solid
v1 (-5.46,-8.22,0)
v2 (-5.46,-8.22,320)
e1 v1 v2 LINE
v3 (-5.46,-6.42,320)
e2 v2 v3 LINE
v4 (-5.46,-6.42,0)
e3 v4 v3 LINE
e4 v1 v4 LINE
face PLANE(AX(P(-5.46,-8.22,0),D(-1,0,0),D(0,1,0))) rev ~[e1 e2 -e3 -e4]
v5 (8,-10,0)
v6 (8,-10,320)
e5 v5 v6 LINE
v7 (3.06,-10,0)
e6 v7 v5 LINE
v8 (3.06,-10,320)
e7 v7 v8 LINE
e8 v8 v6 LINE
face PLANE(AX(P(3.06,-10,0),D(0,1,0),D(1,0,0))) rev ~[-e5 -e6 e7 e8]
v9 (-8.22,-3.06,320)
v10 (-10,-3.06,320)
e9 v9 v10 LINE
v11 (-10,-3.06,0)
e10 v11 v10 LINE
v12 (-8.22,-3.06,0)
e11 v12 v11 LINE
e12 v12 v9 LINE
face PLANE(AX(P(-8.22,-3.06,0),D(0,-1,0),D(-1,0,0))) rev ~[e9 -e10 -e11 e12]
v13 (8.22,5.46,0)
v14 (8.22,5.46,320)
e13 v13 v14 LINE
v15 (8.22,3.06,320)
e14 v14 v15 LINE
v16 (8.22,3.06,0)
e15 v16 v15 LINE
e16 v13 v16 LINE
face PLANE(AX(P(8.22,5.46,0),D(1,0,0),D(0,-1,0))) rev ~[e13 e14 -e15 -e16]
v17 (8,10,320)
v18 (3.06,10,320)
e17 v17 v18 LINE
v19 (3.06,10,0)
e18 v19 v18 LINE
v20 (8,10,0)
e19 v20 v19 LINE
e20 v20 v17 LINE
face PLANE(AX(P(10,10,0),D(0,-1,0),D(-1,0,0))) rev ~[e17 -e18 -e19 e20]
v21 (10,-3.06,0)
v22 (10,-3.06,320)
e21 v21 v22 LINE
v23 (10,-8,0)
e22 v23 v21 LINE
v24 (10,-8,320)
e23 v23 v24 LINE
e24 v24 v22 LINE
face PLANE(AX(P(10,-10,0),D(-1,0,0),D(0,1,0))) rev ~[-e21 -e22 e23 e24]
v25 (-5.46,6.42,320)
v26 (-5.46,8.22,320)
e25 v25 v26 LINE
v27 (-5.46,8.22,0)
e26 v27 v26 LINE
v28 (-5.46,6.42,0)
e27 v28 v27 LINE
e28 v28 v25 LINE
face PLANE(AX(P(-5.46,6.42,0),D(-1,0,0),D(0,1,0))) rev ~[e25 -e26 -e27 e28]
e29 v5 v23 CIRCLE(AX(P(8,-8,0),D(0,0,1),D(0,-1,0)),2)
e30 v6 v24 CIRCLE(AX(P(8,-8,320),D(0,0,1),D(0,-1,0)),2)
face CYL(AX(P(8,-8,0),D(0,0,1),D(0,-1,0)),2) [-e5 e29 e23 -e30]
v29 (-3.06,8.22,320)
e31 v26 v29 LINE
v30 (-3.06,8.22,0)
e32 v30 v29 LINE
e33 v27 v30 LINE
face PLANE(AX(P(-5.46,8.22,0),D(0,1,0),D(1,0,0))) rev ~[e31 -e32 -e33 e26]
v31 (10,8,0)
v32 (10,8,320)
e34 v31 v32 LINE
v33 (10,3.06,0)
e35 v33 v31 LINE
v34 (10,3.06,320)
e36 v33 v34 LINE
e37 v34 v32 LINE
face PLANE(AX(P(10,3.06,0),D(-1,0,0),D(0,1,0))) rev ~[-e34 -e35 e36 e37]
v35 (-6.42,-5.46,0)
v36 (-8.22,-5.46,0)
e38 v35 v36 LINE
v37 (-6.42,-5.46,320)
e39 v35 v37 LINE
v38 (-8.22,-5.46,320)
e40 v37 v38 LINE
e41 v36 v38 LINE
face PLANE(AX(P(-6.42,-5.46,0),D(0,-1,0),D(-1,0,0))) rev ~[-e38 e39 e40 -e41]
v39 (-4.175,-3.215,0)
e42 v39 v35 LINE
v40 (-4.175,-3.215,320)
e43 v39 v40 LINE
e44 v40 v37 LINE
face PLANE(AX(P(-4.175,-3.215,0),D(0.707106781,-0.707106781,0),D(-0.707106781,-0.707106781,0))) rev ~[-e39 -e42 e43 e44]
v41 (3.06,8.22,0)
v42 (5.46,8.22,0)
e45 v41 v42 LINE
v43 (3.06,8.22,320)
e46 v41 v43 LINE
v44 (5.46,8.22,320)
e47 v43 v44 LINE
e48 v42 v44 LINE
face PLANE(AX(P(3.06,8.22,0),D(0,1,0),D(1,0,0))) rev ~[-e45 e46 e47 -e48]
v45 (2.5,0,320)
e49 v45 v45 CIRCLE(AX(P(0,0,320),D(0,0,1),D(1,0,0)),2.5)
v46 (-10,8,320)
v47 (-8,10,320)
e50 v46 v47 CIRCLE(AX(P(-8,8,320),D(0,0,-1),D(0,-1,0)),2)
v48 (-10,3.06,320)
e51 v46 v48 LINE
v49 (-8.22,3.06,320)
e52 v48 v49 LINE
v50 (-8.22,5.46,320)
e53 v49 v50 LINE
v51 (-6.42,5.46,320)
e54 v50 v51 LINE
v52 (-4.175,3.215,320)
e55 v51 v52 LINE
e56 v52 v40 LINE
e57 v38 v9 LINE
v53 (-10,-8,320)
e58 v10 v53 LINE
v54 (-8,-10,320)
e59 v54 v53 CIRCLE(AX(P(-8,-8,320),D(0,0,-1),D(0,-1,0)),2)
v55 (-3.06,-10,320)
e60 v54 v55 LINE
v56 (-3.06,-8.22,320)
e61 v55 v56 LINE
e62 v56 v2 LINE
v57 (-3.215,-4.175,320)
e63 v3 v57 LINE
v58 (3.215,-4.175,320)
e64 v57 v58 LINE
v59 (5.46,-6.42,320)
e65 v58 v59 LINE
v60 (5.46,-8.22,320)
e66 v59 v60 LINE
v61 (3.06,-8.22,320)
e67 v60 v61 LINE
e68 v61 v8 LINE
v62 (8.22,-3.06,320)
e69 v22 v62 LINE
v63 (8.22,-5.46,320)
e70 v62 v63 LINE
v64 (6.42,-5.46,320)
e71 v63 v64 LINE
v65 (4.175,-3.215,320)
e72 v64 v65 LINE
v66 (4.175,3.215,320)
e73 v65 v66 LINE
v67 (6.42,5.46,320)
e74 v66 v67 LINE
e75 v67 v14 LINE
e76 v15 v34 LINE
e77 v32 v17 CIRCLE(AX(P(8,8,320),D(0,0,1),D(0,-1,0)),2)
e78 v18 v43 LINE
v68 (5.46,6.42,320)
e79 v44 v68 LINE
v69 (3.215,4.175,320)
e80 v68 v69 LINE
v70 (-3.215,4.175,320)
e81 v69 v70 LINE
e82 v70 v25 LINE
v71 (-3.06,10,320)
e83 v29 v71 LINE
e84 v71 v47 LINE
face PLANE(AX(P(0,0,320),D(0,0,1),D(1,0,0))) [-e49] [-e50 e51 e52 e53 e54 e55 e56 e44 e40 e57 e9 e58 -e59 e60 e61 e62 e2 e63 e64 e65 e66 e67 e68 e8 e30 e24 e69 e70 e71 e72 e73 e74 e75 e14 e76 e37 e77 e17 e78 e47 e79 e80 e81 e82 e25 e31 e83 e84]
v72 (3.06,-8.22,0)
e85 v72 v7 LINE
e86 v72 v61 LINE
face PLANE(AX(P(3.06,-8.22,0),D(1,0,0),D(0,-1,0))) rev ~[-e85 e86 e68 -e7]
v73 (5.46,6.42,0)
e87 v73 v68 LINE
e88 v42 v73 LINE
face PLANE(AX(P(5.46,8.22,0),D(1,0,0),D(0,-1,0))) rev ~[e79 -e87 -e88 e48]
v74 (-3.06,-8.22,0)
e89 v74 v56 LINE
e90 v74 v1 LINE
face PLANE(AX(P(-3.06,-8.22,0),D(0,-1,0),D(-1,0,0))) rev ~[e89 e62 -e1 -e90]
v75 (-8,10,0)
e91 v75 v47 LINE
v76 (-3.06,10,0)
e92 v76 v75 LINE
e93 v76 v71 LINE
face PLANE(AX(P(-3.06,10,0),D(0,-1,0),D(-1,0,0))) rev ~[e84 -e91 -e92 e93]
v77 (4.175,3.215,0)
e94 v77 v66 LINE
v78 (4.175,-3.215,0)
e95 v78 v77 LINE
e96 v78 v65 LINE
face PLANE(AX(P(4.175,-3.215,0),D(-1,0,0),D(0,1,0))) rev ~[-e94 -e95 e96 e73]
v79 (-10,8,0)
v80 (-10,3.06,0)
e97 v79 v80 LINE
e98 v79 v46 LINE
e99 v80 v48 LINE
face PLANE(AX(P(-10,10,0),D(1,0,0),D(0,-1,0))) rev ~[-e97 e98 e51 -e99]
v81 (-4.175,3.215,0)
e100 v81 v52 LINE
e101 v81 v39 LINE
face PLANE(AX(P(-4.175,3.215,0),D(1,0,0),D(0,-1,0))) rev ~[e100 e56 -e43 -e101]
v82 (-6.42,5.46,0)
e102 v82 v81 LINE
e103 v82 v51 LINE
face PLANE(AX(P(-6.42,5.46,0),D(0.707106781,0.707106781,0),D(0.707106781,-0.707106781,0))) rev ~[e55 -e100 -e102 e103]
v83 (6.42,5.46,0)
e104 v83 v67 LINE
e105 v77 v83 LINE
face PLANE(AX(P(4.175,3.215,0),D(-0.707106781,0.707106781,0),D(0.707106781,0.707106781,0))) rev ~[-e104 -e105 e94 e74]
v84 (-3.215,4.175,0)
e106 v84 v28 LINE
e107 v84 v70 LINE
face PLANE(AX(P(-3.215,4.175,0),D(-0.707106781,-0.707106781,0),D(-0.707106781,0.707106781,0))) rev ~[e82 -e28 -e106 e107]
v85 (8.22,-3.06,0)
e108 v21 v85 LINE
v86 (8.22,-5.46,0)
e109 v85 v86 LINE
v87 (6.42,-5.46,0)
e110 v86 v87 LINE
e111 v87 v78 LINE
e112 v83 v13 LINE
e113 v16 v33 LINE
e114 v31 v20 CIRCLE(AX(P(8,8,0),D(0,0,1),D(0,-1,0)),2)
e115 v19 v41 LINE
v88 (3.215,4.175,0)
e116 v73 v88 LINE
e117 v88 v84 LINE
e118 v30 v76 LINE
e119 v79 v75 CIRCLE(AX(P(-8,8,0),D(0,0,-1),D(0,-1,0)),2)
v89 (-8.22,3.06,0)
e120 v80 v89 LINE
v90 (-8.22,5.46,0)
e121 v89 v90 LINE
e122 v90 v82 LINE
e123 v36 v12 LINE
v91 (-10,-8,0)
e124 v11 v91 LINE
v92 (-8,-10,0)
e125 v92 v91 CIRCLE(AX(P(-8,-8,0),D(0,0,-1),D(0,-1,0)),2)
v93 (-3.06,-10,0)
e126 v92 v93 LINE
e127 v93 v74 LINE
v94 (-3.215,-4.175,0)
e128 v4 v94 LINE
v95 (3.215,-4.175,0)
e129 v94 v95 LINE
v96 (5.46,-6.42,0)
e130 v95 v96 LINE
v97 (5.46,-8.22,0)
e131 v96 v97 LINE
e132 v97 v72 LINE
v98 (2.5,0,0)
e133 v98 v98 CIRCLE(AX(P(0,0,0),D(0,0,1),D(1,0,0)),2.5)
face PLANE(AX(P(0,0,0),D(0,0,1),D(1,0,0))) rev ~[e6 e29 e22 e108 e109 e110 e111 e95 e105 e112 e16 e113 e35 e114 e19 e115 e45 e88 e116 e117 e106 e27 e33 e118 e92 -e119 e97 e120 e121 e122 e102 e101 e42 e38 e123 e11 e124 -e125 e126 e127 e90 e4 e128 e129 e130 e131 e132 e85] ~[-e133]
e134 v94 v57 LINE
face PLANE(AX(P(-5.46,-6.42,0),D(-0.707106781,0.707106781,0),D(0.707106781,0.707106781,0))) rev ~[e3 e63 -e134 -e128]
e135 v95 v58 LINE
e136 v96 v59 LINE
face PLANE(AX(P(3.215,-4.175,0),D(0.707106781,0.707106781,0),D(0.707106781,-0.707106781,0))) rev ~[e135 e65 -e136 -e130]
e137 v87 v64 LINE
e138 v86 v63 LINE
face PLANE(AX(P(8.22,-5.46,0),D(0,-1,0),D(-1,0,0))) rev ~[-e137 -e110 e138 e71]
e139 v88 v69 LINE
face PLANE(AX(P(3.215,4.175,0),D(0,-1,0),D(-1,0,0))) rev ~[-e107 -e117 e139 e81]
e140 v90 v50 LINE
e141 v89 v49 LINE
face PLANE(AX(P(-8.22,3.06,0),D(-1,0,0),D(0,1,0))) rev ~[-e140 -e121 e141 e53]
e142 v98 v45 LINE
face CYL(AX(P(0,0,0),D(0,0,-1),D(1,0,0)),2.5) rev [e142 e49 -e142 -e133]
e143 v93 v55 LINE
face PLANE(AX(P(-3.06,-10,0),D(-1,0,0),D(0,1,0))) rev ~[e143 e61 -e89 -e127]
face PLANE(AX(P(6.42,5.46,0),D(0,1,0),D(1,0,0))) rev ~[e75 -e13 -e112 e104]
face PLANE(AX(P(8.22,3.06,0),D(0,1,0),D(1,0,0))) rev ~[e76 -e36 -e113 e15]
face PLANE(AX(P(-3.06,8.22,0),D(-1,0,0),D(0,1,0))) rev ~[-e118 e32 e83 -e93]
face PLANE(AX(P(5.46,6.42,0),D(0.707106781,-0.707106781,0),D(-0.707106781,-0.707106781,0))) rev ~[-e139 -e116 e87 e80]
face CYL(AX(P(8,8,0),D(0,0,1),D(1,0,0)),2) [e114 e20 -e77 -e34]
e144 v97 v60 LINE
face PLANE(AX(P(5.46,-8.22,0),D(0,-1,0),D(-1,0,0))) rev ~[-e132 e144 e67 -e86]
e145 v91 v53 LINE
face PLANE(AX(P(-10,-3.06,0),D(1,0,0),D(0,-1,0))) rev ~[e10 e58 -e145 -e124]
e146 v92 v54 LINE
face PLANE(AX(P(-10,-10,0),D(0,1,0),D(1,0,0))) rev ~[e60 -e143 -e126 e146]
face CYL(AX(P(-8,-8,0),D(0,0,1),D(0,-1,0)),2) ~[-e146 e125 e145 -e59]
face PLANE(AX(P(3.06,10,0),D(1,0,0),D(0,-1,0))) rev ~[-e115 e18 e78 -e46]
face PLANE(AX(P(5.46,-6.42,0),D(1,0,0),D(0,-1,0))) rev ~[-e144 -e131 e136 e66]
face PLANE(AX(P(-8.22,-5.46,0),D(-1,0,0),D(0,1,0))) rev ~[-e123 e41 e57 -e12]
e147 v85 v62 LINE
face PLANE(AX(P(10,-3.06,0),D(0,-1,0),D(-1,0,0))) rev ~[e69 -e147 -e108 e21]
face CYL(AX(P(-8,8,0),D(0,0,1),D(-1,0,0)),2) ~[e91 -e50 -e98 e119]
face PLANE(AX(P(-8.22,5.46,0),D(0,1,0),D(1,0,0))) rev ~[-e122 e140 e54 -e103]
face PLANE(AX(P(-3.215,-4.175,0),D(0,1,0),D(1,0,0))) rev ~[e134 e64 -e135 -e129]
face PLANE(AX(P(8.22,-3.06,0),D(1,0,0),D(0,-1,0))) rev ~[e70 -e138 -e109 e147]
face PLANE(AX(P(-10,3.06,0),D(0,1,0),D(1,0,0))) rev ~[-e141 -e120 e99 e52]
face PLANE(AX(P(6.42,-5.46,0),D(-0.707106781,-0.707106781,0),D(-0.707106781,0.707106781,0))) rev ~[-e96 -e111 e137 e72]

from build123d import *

# Parameters (mm, degrees)
SKETCH1_R           = 2.5
BOSS_EXTRUDE1_DEPTH = 320
FILLET1_R           = 2


with BuildPart() as part:
    # Sketch1 → Boss-Extrude1 (new body)
    with BuildSketch(Plane.XY):
        Polygon((-5.46, -6.42), (-3.215, -4.175), (3.215, -4.175), (5.46, -6.42), (5.46, -8.22), (3.06, -8.22), (3.06, -10), (10, -10), (10, -3.06), (8.22, -3.06), (8.22, -5.46), (6.42, -5.46), (4.175, -3.215), (4.175, 3.215), (6.42, 5.46), (8.22, 5.46), (8.22, 3.06), (10, 3.06), (10, 10), (3.06, 10), (3.06, 8.22), (5.46, 8.22), (5.46, 6.42), (3.215, 4.175), (-3.215, 4.175), (-5.46, 6.42), (-5.46, 8.22), (-3.06, 8.22), (-3.06, 10), (-10, 10), (-10, 3.06), (-8.22, 3.06), (-8.22, 5.46), (-6.42, 5.46), (-4.175, 3.215), (-4.175, -3.215), (-6.42, -5.46), (-8.22, -5.46), (-8.22, -3.06), (-10, -3.06), (-10, -10), (-3.06, -10), (-3.06, -8.22), (-5.46, -8.22), align=None)
        Circle(SKETCH1_R, mode=Mode.SUBTRACT)
    extrude(amount=BOSS_EXTRUDE1_DEPTH)

    # Fillet1
    fillet1_edges = [part.edges().sort_by_distance(p)[0] for p in [
        (10, -10, 160),
        (-10, -10, 160),
        (-10, 10, 160),
        (10, 10, 160),
    ]]
    fillet(fillet1_edges, radius=FILLET1_R)


solid = part.part
